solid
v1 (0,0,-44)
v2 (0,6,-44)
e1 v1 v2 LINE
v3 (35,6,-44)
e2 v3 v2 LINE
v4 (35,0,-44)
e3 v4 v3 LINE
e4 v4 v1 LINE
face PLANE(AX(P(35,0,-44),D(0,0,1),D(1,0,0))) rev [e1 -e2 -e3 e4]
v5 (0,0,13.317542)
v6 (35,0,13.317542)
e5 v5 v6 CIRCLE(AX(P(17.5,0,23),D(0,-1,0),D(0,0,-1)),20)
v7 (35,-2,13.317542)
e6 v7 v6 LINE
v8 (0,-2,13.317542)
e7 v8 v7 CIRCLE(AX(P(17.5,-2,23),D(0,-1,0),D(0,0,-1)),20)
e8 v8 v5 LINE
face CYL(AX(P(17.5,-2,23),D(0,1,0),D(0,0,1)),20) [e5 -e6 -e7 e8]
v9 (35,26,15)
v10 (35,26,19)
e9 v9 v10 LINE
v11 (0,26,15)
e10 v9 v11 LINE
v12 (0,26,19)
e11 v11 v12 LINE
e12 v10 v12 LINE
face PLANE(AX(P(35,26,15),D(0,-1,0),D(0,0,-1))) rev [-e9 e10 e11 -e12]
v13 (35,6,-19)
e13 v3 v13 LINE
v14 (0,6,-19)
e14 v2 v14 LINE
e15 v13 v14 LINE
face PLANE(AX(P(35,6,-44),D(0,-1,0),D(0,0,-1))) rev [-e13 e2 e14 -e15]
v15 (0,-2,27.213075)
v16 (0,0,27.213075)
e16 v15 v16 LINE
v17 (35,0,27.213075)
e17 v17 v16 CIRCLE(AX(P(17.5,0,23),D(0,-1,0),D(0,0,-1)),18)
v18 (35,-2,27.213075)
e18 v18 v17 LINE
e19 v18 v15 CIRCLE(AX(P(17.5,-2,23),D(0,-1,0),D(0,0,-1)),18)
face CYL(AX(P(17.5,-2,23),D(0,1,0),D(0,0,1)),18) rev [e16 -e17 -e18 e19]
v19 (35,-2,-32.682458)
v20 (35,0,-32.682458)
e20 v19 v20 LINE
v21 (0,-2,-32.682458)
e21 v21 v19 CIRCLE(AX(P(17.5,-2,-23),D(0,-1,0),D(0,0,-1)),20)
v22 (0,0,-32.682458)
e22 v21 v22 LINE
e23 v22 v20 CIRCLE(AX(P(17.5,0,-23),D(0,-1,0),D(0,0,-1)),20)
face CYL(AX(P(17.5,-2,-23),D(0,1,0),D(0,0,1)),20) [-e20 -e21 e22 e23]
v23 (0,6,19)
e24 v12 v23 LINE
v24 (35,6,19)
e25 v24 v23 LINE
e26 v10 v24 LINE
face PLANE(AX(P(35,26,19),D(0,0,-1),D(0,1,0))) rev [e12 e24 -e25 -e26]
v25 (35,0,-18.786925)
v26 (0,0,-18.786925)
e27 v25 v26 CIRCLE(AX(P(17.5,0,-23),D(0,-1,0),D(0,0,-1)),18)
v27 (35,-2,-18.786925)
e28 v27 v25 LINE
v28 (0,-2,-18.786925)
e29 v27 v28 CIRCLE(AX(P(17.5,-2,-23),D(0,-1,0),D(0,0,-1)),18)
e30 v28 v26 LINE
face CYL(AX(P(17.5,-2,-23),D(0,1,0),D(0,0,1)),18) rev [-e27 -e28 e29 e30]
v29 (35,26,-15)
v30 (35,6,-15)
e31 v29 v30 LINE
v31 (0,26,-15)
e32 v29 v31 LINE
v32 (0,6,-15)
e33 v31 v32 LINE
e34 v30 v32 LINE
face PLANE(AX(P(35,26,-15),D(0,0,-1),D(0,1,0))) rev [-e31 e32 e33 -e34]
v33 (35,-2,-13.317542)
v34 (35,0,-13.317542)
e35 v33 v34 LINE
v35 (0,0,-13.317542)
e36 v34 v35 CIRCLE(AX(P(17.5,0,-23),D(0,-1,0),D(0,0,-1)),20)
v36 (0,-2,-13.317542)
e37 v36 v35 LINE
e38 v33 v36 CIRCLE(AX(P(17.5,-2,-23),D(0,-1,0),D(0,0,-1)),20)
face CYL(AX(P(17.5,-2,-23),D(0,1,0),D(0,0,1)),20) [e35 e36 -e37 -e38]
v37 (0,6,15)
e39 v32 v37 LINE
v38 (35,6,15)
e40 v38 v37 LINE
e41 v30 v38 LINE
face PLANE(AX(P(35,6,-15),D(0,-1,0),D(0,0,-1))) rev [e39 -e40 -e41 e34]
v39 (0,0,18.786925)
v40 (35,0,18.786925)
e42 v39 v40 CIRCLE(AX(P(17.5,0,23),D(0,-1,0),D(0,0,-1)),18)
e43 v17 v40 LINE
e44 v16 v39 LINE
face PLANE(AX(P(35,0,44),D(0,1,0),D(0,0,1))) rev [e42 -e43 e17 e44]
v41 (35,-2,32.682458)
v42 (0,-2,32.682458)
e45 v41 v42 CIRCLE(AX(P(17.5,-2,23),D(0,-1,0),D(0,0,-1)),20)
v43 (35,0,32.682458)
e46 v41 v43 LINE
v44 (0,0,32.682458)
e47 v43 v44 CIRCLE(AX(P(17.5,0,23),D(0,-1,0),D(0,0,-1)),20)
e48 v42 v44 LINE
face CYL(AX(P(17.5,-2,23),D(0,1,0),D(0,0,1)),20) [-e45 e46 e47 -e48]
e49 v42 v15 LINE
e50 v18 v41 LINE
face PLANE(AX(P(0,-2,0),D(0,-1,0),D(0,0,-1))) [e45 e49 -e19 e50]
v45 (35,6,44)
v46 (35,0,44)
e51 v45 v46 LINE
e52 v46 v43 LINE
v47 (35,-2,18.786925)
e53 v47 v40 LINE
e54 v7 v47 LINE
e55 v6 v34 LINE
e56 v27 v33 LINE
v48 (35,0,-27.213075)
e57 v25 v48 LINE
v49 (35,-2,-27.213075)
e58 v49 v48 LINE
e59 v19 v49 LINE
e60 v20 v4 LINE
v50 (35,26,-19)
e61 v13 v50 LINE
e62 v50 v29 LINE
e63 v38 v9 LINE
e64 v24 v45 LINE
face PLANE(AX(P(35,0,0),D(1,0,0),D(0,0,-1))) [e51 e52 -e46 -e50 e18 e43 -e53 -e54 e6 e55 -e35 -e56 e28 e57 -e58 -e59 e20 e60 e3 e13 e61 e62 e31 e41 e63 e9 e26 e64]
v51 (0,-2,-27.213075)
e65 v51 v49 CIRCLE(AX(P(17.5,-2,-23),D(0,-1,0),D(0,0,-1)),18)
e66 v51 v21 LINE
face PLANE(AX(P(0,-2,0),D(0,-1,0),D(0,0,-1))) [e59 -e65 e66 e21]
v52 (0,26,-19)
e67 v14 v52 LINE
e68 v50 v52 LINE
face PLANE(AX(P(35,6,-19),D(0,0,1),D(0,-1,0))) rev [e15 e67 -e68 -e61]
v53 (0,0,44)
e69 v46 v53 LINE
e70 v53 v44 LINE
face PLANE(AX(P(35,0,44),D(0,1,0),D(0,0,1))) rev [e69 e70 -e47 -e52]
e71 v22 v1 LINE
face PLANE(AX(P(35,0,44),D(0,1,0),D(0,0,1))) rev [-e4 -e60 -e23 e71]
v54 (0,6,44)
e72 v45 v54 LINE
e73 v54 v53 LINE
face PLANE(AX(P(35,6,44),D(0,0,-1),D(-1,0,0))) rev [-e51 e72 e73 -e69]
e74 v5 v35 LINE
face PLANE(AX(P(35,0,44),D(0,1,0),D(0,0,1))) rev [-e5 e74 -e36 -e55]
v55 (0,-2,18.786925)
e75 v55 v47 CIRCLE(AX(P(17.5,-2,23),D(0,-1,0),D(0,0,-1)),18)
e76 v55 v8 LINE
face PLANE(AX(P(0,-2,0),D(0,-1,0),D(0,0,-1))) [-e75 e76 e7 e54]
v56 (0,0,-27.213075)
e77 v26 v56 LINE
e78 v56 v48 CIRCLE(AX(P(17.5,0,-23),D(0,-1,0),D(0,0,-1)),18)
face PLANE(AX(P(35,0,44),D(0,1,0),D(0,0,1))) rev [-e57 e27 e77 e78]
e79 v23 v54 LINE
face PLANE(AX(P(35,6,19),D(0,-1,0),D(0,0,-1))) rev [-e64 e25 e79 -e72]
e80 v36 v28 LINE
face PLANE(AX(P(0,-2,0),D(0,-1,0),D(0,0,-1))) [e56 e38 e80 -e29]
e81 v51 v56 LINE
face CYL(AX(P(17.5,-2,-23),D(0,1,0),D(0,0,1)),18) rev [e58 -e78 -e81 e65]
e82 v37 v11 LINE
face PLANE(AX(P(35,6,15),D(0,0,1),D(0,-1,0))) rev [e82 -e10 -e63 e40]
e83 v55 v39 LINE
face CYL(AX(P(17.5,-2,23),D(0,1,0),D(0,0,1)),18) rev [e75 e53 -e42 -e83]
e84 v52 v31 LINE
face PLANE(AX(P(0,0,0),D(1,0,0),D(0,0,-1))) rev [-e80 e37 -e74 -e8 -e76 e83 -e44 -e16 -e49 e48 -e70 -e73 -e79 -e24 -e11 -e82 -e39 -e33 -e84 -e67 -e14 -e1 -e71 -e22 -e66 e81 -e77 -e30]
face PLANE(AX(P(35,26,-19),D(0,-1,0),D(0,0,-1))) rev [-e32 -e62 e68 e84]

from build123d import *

# Parameters (mm, degrees)
EXTRUDE_1_DEPTH = 35
EXTRUDE_2_DEPTH = 2


with BuildPart() as part:
    # 草图1 → 凸台-拉伸1 (new body)
    with BuildSketch(Plane(origin=(0, 0, 0), x_dir=(0, 0, -1), z_dir=(1, 0, 0))):
        Polygon((-44, 0), (44, 0), (44, 6), (19, 6), (19, 26), (15, 26), (15, 6), (-15, 6), (-15, 26), (-19, 26), (-19, 6), (-44, 6), align=None)
    extrude(amount=EXTRUDE_1_DEPTH)

    # 草图2 → 凸台-拉伸2 (add)
    with BuildSketch(Plane.XZ):
        with BuildLine():
            Line((35, 27.213074887), (35, 32.682458366))
            ThreePointArc((35, 32.682458366), (17.5, 43), (0, 32.682458366))
            Line((0, 32.682458366), (0, 27.213074887))
            ThreePointArc((0, 27.213074887), (17.5, 41), (35, 27.213074887))
        make_face()
        with BuildLine():
            Line((35, 13.317541634), (35, 18.786925113))
            ThreePointArc((35, 18.786925113), (17.5, 5), (0, 18.786925113))
            Line((0, 18.786925113), (0, 13.317541634))
            ThreePointArc((0, 13.317541634), (17.5, 3), (35, 13.317541634))
        make_face()
        with BuildLine():
            Line((35, -18.786925113), (35, -13.317541634))
            ThreePointArc((35, -13.317541634), (17.5, -3), (0, -13.317541634))
            Line((0, -13.317541634), (0, -18.786925113))
            ThreePointArc((0, -18.786925113), (17.5, -5), (35, -18.786925113))
        make_face()
        with BuildLine():
            Line((0, -27.213074887), (0, -32.682458366))
            ThreePointArc((0, -32.682458366), (17.5, -43), (35, -32.682458366))
            Line((35, -32.682458366), (35, -27.213074887))
            ThreePointArc((35, -27.213074887), (17.5, -41), (0, -27.213074887))
        make_face()
    extrude(amount=EXTRUDE_2_DEPTH)


solid = part.part
